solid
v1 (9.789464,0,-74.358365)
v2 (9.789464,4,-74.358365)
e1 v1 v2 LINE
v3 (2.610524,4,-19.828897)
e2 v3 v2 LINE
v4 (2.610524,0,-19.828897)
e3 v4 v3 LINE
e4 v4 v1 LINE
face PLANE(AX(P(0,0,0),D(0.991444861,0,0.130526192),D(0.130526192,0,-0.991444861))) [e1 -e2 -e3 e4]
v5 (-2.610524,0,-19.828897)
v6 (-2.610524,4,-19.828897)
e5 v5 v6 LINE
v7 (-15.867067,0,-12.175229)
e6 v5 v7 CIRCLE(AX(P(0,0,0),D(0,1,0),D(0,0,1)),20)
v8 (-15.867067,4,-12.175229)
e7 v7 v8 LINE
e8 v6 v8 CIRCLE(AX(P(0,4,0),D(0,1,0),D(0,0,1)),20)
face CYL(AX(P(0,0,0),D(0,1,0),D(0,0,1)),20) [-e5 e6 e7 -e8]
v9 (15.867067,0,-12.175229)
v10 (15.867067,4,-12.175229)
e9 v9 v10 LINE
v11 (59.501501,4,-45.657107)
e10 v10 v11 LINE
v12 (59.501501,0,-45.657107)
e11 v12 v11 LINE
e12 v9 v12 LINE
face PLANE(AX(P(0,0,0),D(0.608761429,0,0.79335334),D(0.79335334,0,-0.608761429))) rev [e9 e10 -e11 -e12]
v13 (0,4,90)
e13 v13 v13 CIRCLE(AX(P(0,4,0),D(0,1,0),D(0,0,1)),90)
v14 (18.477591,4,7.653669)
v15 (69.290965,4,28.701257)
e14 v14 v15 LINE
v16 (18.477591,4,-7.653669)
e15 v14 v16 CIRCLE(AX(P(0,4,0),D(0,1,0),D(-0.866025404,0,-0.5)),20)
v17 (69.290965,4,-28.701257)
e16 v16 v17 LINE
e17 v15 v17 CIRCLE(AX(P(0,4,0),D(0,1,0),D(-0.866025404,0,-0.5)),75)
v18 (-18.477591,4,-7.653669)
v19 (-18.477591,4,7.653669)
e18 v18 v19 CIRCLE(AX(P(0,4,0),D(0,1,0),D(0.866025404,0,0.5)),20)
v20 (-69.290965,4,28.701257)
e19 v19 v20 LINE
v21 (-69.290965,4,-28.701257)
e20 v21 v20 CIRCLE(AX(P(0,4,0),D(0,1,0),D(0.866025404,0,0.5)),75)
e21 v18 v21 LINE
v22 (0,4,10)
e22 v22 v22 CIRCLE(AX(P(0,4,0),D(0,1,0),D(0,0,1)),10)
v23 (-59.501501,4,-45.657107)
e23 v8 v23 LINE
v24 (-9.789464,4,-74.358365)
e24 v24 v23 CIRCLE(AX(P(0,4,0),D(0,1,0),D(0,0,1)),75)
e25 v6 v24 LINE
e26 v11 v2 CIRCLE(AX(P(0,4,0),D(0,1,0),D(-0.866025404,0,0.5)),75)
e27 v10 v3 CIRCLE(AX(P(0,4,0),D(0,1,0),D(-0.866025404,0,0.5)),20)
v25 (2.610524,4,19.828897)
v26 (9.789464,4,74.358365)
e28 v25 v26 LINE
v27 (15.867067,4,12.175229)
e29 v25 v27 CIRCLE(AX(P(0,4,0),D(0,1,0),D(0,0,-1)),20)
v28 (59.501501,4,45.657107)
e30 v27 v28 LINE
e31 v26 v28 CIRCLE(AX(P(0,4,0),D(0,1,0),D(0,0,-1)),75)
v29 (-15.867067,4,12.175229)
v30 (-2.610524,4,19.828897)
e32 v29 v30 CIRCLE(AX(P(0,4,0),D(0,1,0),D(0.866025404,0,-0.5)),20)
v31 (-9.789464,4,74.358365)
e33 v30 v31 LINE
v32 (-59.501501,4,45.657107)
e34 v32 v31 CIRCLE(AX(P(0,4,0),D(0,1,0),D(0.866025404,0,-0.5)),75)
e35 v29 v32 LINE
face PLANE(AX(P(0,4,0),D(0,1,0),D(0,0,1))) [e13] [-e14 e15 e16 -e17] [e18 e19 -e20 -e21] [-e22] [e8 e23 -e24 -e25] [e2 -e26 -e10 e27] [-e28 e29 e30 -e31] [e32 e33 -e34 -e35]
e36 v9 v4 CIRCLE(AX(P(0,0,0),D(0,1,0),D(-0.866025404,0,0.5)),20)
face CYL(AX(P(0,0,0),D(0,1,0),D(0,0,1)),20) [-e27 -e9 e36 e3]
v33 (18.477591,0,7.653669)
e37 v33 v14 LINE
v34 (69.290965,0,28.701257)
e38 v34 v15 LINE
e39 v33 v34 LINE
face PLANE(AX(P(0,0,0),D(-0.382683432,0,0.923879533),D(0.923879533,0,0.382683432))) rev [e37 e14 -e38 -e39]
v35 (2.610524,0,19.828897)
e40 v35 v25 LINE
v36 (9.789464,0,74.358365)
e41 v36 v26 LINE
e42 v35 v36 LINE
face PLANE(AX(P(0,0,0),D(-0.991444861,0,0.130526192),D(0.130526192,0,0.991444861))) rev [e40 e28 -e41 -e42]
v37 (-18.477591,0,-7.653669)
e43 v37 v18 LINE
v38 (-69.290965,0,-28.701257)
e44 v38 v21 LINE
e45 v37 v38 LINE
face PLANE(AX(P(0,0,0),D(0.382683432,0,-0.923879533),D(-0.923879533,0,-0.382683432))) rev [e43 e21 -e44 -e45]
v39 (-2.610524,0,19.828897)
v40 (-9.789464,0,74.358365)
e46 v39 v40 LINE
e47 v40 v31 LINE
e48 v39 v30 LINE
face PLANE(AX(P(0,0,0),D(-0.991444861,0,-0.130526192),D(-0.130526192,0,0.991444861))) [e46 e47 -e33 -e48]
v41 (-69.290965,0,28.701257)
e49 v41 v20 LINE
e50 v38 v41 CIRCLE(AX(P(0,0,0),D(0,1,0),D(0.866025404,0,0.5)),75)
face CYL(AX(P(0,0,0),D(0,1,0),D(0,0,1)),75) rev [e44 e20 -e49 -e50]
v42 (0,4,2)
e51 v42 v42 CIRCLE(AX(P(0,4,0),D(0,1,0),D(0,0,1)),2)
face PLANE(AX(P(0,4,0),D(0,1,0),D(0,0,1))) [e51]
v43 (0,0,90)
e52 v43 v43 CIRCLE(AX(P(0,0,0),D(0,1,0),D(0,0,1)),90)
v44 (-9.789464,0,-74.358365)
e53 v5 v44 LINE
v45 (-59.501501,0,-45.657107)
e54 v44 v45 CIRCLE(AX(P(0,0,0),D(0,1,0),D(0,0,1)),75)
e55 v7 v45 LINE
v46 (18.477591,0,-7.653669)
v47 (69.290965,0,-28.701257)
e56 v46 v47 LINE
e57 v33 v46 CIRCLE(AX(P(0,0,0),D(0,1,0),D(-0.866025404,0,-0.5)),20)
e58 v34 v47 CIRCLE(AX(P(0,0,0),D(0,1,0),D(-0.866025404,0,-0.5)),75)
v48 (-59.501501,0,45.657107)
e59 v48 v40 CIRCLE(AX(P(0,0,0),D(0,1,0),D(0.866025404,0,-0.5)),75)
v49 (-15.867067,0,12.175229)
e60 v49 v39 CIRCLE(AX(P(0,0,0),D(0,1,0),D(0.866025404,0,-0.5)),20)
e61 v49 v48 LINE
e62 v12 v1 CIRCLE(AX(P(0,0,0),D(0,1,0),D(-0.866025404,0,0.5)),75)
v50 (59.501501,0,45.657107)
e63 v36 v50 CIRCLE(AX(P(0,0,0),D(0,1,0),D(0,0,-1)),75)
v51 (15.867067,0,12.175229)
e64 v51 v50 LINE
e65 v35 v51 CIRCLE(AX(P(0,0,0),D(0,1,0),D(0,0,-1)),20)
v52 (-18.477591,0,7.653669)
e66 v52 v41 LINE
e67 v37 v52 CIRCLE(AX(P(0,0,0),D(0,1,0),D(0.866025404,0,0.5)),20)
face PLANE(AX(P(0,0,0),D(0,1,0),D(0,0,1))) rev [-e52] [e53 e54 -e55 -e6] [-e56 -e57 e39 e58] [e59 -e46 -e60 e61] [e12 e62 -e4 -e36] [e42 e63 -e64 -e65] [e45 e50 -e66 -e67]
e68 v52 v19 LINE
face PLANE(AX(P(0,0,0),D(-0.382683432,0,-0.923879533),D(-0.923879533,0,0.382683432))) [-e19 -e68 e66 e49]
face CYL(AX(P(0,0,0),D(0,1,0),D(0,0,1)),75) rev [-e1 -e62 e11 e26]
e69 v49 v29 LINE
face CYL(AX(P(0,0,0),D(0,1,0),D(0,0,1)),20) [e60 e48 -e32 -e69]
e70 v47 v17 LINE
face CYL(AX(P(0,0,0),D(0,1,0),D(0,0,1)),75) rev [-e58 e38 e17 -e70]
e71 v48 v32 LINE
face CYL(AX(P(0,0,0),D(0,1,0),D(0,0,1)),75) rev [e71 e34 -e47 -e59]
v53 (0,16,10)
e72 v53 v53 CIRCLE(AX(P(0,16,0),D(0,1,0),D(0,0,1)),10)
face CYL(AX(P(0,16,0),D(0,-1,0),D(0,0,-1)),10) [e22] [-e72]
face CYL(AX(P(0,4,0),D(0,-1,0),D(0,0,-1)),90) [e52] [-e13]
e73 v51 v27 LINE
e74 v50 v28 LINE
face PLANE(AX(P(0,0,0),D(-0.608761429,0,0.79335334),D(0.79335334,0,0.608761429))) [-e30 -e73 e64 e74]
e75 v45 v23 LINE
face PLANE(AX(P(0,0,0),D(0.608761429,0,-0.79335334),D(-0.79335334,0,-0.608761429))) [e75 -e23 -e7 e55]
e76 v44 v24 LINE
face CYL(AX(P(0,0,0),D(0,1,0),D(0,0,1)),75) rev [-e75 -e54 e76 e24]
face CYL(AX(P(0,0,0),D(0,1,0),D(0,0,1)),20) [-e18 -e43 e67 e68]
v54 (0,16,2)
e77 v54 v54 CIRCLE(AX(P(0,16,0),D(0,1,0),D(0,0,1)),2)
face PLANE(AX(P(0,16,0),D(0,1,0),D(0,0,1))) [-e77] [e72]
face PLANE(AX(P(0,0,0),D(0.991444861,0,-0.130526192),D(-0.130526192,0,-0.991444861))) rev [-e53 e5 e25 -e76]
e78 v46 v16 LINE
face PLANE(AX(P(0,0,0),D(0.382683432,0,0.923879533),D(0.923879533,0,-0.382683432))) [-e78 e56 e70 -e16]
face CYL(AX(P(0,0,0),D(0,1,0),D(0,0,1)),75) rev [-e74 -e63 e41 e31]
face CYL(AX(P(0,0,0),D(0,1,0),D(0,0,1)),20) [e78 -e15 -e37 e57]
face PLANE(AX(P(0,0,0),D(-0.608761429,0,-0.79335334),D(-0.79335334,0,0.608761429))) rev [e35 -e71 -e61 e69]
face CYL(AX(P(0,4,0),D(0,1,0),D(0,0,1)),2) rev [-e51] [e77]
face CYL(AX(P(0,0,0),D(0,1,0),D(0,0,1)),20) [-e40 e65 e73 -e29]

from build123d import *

# Parameters (mm, degrees)
SKETCH_1_R               = 90
EXTRUDE_1_DEPTH          = 4
CUT_EXTRUDE_1_DEPTH      = 128.342059038
PATTERN_CIRCULAR_1_COUNT = 6
SKETCH_6_R               = 10
EXTRUDE_2_DEPTH          = 12
SKETCH_7_R               = 2
CUT_EXTRUDE_2_DEPTH      = 12


with BuildPart() as part:
    # 草图1 → 凸台-拉伸1 (new body)
    with BuildSketch(Plane(origin=(0, 0, 0), x_dir=(1, 0, 0), z_dir=(0, 1, 0))):
        Circle(SKETCH_1_R)
    extrude(amount=EXTRUDE_1_DEPTH)

    # 草图2 → 切除-拉伸1 (cut, through all)
    with BuildSketch(Plane(origin=(0, 4, 0), x_dir=(1, 0, 0), z_dir=(0, 1, 0))):
        with BuildLine():
            ThreePointArc((-15.867066806, 12.17522858), (-10, 17.320508076), (-2.610523844, 19.828897227))
            Line((-2.610523844, 19.828897227), (-9.789464417, 74.358364603))
            ThreePointArc((-9.789464417, 74.358364603), (-37.5, 64.951905284), (-59.501500522, 45.657107176))
            Line((-59.501500522, 45.657107176), (-15.867066806, 12.17522858))
        make_face()
    cut_extrude_1 = extrude(amount=-CUT_EXTRUDE_1_DEPTH, mode=Mode.SUBTRACT)

    # 阵列(圆周)1: 切除-拉伸1 ×6 about axis
    pattern_circular_1_axis = Axis((0, 4, 0), (0, 1, 0))
    for i in range(1, PATTERN_CIRCULAR_1_COUNT):
        add(cut_extrude_1.rotate(pattern_circular_1_axis, i * 360 / PATTERN_CIRCULAR_1_COUNT), mode=Mode.SUBTRACT)

    # 草图6 → 凸台-拉伸2 (add)
    with BuildSketch(Plane(origin=(0, 4, 0), x_dir=(1, 0, 0), z_dir=(0, 1, 0))):
        Circle(SKETCH_6_R)
    extrude(amount=EXTRUDE_2_DEPTH)

    # 草图7 → 切除-拉伸2 (cut)
    with BuildSketch(Plane(origin=(0, 16, 0), x_dir=(1, 0, 0), z_dir=(0, 1, 0))):
        Circle(SKETCH_7_R)
    extrude(amount=-CUT_EXTRUDE_2_DEPTH, mode=Mode.SUBTRACT)


solid = part.part
